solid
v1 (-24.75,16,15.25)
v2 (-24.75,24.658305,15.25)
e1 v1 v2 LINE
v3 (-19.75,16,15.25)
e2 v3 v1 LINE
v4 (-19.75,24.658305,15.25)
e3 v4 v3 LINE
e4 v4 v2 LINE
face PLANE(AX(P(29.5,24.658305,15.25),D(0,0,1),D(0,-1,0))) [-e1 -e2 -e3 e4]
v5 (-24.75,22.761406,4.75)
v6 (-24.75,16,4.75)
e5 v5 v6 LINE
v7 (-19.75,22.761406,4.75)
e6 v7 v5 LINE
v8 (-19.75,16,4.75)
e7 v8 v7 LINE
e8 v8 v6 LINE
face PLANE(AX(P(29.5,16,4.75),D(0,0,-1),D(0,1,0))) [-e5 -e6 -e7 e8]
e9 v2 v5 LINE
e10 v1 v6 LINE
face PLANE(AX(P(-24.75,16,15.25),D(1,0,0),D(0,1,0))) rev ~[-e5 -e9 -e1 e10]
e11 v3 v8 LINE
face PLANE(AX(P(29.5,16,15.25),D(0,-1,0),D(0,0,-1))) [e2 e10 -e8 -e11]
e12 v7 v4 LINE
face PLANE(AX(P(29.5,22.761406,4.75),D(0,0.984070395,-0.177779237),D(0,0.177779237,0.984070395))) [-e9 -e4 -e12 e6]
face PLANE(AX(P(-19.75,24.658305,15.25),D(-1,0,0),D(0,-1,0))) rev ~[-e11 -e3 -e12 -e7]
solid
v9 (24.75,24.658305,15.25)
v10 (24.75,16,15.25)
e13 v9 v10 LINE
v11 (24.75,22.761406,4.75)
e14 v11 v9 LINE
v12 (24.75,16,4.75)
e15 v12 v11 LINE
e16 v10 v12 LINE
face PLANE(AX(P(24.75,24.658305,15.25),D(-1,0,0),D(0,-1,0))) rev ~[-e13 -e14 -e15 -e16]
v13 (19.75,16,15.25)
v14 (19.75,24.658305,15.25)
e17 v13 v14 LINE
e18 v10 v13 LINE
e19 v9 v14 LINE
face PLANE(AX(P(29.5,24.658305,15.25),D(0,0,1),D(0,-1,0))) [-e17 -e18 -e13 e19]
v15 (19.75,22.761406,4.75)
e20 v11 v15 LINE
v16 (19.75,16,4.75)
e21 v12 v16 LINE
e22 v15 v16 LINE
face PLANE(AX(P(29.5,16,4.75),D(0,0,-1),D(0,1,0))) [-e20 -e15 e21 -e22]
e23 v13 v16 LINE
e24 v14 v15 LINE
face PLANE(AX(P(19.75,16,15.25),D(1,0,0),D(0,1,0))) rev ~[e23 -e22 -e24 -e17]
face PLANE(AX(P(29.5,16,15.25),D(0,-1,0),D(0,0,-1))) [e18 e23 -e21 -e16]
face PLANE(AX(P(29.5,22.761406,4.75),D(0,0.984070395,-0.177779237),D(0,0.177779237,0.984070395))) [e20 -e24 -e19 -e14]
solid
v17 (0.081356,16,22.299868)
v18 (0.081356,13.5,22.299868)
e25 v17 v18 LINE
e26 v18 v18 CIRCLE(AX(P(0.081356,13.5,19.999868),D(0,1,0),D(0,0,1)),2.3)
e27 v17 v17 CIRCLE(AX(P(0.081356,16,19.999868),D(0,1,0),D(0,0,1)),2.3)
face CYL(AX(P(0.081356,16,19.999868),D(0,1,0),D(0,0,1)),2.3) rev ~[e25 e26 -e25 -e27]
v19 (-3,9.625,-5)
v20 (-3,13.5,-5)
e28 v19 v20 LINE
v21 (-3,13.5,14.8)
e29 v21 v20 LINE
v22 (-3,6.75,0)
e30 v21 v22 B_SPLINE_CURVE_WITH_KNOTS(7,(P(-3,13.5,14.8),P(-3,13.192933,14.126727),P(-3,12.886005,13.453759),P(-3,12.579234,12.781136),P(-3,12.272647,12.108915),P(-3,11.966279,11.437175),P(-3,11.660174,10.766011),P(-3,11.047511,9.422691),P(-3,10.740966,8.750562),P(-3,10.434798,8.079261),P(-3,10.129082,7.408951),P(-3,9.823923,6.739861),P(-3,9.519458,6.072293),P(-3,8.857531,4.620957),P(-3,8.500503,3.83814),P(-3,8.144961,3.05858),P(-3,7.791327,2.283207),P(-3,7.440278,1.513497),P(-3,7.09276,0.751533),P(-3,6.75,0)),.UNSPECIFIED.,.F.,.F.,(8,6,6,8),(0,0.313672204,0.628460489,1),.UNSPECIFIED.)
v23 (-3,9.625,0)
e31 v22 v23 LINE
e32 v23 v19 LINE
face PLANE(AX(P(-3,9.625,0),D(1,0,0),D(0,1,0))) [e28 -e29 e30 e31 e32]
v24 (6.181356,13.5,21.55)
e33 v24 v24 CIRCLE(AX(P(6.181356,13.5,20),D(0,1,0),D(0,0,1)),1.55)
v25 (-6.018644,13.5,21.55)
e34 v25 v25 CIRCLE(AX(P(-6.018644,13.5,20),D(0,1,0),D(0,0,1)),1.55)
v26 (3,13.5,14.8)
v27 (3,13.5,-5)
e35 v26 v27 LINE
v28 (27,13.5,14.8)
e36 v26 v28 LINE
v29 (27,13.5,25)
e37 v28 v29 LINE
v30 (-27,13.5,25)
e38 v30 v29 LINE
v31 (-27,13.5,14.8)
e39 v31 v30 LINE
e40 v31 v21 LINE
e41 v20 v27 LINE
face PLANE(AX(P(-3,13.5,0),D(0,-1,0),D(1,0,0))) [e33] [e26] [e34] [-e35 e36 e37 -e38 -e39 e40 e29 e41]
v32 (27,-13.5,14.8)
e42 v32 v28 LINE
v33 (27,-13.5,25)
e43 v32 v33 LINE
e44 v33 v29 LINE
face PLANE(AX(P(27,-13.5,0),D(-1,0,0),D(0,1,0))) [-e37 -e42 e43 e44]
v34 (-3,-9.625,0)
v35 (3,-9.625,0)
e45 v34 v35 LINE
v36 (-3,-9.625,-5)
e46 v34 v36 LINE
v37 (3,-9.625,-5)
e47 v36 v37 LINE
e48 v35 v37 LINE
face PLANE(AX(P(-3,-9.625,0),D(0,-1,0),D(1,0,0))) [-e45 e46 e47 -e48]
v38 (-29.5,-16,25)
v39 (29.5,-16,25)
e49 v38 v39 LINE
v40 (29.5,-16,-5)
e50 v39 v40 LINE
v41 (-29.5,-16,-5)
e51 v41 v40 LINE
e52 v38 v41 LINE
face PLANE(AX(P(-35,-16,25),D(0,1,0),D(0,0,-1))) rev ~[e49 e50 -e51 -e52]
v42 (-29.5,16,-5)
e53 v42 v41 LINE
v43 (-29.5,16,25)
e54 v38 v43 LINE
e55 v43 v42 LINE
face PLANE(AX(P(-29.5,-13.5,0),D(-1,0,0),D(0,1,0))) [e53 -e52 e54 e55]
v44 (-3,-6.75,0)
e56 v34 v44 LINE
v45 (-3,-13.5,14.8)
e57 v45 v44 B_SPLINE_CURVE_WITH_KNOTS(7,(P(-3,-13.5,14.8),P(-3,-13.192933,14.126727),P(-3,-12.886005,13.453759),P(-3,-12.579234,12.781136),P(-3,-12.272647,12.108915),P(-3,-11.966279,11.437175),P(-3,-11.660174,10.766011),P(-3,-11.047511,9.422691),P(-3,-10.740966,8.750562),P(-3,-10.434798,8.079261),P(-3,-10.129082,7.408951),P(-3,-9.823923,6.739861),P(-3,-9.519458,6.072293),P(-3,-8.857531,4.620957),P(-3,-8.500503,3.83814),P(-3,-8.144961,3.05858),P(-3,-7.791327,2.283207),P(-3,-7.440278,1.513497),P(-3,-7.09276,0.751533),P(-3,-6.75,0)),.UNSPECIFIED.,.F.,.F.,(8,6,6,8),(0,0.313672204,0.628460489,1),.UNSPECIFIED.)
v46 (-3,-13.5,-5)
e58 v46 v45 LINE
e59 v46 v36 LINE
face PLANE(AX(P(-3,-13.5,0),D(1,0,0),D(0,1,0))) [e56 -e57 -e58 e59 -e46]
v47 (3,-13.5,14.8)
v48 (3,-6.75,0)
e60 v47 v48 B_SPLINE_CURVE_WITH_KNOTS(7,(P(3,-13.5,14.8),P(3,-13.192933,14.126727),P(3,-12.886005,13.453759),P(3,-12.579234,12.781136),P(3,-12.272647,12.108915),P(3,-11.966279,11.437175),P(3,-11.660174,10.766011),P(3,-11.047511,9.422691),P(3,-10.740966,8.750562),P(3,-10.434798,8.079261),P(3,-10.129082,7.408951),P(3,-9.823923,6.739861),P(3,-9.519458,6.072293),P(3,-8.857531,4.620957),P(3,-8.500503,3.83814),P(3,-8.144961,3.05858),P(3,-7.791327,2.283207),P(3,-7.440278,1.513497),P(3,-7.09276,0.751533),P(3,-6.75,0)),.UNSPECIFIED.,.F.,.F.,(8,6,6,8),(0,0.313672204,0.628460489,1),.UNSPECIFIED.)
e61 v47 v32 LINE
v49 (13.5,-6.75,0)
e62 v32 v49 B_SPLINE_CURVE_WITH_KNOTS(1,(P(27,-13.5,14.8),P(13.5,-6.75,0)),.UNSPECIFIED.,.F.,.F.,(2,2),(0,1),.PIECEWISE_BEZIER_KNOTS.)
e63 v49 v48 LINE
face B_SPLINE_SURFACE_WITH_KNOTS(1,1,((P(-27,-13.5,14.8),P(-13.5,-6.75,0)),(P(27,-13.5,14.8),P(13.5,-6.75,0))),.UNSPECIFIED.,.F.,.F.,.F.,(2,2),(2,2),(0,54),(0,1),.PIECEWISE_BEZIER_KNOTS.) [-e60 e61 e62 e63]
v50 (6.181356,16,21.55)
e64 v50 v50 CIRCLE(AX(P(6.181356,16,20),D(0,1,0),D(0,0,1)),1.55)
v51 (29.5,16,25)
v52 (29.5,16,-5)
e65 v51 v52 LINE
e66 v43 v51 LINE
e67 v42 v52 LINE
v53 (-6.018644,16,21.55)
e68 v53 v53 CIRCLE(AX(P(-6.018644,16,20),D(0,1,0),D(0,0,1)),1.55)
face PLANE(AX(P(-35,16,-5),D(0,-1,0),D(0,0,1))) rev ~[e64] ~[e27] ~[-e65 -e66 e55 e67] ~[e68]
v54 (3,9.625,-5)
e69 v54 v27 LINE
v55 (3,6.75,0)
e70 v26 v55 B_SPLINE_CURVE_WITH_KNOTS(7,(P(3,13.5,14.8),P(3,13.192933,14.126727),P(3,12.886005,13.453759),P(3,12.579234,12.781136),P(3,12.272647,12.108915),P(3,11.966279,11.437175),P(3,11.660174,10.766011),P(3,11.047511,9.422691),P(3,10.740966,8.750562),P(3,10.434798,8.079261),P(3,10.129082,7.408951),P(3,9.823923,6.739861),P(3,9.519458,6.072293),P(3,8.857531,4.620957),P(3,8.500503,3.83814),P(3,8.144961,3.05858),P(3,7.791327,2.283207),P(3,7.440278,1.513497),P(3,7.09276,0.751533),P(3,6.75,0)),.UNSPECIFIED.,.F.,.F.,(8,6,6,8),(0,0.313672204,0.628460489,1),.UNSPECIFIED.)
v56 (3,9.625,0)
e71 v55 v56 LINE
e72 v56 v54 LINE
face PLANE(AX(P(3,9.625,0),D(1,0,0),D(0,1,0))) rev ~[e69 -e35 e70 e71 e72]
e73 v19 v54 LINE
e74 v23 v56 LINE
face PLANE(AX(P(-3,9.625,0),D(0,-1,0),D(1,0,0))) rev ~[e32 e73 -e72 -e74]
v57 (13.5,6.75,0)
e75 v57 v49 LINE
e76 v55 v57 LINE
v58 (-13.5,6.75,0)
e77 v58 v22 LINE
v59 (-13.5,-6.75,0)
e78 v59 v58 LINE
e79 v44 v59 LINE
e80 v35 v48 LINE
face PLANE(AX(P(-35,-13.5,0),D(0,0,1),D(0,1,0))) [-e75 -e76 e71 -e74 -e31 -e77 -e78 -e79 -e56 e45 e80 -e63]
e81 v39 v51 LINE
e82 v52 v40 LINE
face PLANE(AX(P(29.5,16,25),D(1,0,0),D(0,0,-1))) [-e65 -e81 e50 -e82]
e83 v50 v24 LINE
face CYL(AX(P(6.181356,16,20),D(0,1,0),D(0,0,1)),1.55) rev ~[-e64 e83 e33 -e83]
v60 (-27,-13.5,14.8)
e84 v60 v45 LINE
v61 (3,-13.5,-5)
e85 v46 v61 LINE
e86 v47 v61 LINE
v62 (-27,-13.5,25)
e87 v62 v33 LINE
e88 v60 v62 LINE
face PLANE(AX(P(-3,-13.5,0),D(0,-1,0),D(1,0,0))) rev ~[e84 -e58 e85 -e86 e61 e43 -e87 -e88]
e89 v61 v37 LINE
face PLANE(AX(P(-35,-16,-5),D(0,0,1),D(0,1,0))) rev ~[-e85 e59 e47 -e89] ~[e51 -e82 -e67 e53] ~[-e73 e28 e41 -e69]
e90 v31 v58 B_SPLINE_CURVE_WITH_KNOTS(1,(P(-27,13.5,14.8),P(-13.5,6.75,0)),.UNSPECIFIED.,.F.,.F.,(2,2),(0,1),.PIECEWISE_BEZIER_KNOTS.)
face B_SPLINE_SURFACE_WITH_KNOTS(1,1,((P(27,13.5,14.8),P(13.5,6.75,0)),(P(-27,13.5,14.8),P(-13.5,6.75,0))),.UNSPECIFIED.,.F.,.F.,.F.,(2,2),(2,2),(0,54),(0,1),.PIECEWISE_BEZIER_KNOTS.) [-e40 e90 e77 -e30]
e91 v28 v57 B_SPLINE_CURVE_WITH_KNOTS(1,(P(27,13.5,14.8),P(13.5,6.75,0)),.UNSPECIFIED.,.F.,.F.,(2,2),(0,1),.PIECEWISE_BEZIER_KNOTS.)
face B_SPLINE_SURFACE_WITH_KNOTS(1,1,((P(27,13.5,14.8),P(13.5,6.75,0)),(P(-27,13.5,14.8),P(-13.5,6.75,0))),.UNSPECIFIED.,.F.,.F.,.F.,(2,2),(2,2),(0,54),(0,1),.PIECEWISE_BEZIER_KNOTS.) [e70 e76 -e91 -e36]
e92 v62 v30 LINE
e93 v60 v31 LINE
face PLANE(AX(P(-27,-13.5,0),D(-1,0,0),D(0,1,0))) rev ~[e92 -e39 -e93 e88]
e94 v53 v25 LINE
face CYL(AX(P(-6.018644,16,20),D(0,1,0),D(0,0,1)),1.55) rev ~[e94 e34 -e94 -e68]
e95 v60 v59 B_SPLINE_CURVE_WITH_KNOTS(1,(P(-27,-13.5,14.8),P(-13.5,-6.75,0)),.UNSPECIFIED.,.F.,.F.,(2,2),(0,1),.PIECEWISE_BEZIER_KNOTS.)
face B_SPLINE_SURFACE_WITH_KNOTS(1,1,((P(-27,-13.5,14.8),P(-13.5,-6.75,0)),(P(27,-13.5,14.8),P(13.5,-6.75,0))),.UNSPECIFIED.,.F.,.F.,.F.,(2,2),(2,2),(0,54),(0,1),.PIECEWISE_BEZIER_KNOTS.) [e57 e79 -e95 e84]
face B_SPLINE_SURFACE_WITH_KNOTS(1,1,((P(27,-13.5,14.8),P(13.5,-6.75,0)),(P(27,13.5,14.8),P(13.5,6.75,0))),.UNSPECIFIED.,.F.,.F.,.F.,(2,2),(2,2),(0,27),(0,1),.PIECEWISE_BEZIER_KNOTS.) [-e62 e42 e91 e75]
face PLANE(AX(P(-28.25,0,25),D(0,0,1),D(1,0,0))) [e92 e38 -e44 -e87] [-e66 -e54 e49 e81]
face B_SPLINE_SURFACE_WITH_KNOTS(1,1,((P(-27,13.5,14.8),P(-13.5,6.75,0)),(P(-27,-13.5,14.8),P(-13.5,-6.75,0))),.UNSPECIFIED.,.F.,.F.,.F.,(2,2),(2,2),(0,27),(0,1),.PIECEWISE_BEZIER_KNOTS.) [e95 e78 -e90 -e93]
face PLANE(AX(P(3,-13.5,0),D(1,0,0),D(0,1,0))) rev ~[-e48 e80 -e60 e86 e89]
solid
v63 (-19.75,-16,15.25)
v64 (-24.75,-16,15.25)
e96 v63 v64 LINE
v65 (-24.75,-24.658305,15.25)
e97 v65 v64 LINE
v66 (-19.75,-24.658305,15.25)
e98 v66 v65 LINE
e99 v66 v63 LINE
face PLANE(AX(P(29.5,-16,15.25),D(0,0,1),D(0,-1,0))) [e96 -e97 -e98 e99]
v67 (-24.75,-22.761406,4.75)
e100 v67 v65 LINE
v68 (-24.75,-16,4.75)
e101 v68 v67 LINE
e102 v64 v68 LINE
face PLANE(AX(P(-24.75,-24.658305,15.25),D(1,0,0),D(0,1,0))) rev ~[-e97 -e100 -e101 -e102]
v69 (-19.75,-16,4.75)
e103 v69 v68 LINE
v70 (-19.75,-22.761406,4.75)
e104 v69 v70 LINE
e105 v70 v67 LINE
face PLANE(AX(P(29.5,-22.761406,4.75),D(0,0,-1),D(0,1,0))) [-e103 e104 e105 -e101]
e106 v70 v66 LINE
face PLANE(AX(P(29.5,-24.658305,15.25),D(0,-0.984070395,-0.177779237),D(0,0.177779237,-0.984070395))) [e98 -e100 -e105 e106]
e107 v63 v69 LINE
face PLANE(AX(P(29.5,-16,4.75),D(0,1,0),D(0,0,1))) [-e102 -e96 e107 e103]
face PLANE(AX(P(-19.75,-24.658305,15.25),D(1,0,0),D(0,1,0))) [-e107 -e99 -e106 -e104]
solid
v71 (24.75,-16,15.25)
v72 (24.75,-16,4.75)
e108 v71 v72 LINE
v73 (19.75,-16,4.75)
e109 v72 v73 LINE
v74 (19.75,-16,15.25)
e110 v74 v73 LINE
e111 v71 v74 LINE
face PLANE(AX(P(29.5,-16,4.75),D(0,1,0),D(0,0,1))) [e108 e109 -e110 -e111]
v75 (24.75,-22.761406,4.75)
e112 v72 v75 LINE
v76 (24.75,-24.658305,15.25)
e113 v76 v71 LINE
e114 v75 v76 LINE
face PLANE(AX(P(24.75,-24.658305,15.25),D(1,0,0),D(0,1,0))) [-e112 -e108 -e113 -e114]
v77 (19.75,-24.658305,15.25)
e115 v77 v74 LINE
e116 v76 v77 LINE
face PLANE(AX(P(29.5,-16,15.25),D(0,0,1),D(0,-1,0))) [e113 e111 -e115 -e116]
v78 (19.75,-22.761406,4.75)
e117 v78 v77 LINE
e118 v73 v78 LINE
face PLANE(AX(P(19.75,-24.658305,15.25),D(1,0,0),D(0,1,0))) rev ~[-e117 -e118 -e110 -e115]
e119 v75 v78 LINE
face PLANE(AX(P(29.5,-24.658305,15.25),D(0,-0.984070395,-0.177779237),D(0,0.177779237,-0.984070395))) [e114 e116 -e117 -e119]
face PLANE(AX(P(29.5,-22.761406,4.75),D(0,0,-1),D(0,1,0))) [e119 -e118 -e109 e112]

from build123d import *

# Parameters (mm, degrees)
CROQUIS1_W                   = 54
CROQUIS1_H                   = 27
SALIENTE_EXTRUIR1_DEPTH      = 14.8
CROQUIS8_W                   = 6
CROQUIS8_H                   = 27
CORTAR_EXTRUIR2_DEPTH        = 14.8
SALIENTE_EXTRUIR2_DEPTH      = 35
SALIENTE_EXTRUIR2_DEPTH_BACK = 35
CROQUIS12_W                  = 2.5
CROQUIS12_H                  = 27
SALIENTE_EXTRUIR3_DEPTH      = 25
CROQUIS19_W                  = 5.5
CROQUIS19_H                  = 30
CORTAR_EXTRUIR15_DEPTH       = 54.609700615
CROQUIS18_R                  = 2.3
CROQUIS18_R_2                = 1.55
CORTAR_EXTRUIR12_DEPTH       = 2.5
CROQUIS20_W                  = 6
CROQUIS20_H                  = 3.875
CORTAR_EXTRUIR16_DEPTH       = 42.847939017
SALIENTE_EXTRUIR4_DEPTH      = 59
SALIENTE_EXTRUIR4_2_DEPTH    = 59
CROQUIS23_W                  = 4.75
CROQUIS23_H                  = 4.32915245
CROQUIS23_W_2                = 39.5
CROQUIS23_H_2                = 8.6583049
CORTAR_EXTRUIR17_DEPTH       = 44.455086061


with BuildPart() as part:
    # Croquis1 → Saliente-Extruir1 (new body)
    with BuildSketch(Plane.XY):
        Rectangle(CROQUIS1_W, CROQUIS1_H)
    extrude(amount=SALIENTE_EXTRUIR1_DEPTH)

    # Croquis5 → Cortar-Recubrir3 section 0
    with BuildSketch(Plane.XY.offset(14.8)):
        with BuildLine():
            Line((-27, 13.5), (-27, -13.5))
            Line((-27, -13.5), (27, -13.5))
            Line((27, -13.5), (27, 13.5))
            Line((27, 13.5), (-27, 13.5))
        make_face()
    # Croquis6 → Cortar-Recubrir3 section 1
    with BuildSketch(Plane(origin=(0, 0, 0), x_dir=(-1, 0, 0), z_dir=(0, 0, -1))):
        with BuildLine():
            Line((-13.5, -6.75), (13.5, -6.75))
            Line((13.5, -6.75), (13.5, 6.75))
            Line((13.5, 6.75), (-13.5, 6.75))
            Line((-13.5, 6.75), (-13.5, -6.75))
        make_face()
    loft(mode=Mode.SUBTRACT)

    # Croquis8 → Cortar-Extruir2 (cut)
    with BuildSketch(Plane(origin=(0, 0, 0), x_dir=(-1, 0, 0), z_dir=(0, 0, -1))):
        Rectangle(CROQUIS8_W, CROQUIS8_H)
    extrude(amount=-CORTAR_EXTRUIR2_DEPTH, mode=Mode.SUBTRACT)


with BuildPart() as cortar_extruir2_piece_1:
    # of the separate pieces the step leaves, piece 1, a body of its own (cortar_extruir2_pieces)
    add(part.part.solids().sort_by_distance((3, -13.5, 0))[0])



with BuildPart() as cortar_extruir2_piece_2:
    # of the separate pieces the step leaves, piece 2, a body of its own (cortar_extruir2_pieces)
    add(part.part.solids().sort_by_distance((-27, -13.5, 0))[0])


with BuildPart() as cortar_extruir2_piece_1_1:
    add(cortar_extruir2_piece_1.part)

    add(cortar_extruir2_piece_2.part)  # Saliente-Extruir2 merges Cortar-Extruir2 piece 2
    # Croquis10 → Saliente-Extruir2 (add, two sides: drawn at the far end of the back side and taken through both)
    with BuildSketch(Plane(origin=(0, 0, 0), x_dir=(0, 0, -1), z_dir=(1, 0, 0)).offset(-SALIENTE_EXTRUIR2_DEPTH_BACK)):
        Polygon((-14.8, 13.5), (-25, 13.5), (-25, 15.75), (-25, 16), (-24.680771502, 16), (5, 16), (5, 15), (5, -16), (-24.680771502, -16), (-25, -16), (-25, -15.75), (-25, -13.5), (-14.8, -13.5), (0, -13.5), (0, 13.5), align=None)
    extrude(amount=SALIENTE_EXTRUIR2_DEPTH + SALIENTE_EXTRUIR2_DEPTH_BACK)

    # Croquis12 → Saliente-Extruir3 (add)
    with BuildSketch(Plane.XY):
        with Locations((-28.25, 0)):
            Rectangle(CROQUIS12_W, CROQUIS12_H)
        with Locations((28.25, 0)):
            Rectangle(CROQUIS12_W, CROQUIS12_H)
    extrude(amount=SALIENTE_EXTRUIR3_DEPTH)

    # Croquis19 → Cortar-Extruir15 (cut, through all)
    with BuildSketch(Plane(origin=(0, 16, 0), x_dir=(1, 0, 0), z_dir=(0, 1, 0))):
        with Locations((-32.25, -10)):
            Rectangle(CROQUIS19_W, CROQUIS19_H)
        with Locations((32.25, -10)):
            Rectangle(CROQUIS19_W, CROQUIS19_H)
    extrude(amount=-CORTAR_EXTRUIR15_DEPTH, mode=Mode.SUBTRACT)

    # Croquis18 → Cortar-Extruir12 (cut)
    with BuildSketch(Plane(origin=(0, 16, 0), x_dir=(1, 0, 0), z_dir=(0, 1, 0))):
        with Locations(Location((0.081355667, -19.999867625, 0), (0, 0, 270))):
            Circle(CROQUIS18_R)
        with Locations(Location((6.181355666, -20, 0), (0, 0, 270))):
            Circle(CROQUIS18_R_2)
        with Locations(Location((-6.018644331, -20, 0), (0, 0, 270))):
            Circle(CROQUIS18_R_2)
    extrude(amount=-CORTAR_EXTRUIR12_DEPTH, mode=Mode.SUBTRACT)

    # Croquis20 → Cortar-Extruir16 (cut, through all)
    with BuildSketch(Plane.XY):
        with Locations((0, 11.5625)):
            Rectangle(CROQUIS20_W, CROQUIS20_H)
        with Locations((0, -11.5625)):
            Rectangle(CROQUIS20_W, CROQUIS20_H)
    extrude(amount=-CORTAR_EXTRUIR16_DEPTH, mode=Mode.SUBTRACT)


with BuildPart() as body_2:
    # Croquis22 → Saliente-Extruir4 (new body)
    with BuildSketch(Plane(origin=(29.5, 0, 0), x_dir=(0, 0, -1), z_dir=(1, 0, 0))):
        Polygon((-15.25, 16), (-4.75, 16), (-4.75, 22.761406063), (-15.25, 24.6583049), align=None)
    extrude(amount=-SALIENTE_EXTRUIR4_DEPTH)


with BuildPart() as body_3:
    # Croquis22 → Saliente-Extruir4 2 (new body)
    with BuildSketch(Plane(origin=(29.5, 0, 0), x_dir=(0, 0, -1), z_dir=(1, 0, 0))):
        Polygon((-15.25, -16), (-15.25, -24.6583049), (-4.75, -22.761406063), (-4.75, -16), align=None)
    extrude(amount=-SALIENTE_EXTRUIR4_2_DEPTH)


with BuildPart() as cortar_extruir17_tool:
    # Croquis23 → Cortar-Extruir17 (new, through all)
    with BuildSketch(Plane.XY.offset(15.25)):
        with Locations((-27.125, 22.493728675)):
            Rectangle(CROQUIS23_W, CROQUIS23_H)
        with Locations((-27.125, 18.164576225)):
            Rectangle(CROQUIS23_W, CROQUIS23_H)
        with Locations((0, 18.164576225)):
            Rectangle(CROQUIS23_W_2, CROQUIS23_H)
        with Locations((0, 22.493728675)):
            Rectangle(CROQUIS23_W_2, CROQUIS23_H)
        with Locations((27.125, 22.493728675)):
            Rectangle(CROQUIS23_W, CROQUIS23_H)
        with Locations((27.125, 18.164576225)):
            Rectangle(CROQUIS23_W, CROQUIS23_H)
        with Locations((0, -20.32915245)):
            Rectangle(CROQUIS23_W_2, CROQUIS23_H_2)
        with Locations((27.125, -20.32915245)):
            Rectangle(CROQUIS23_W, CROQUIS23_H_2)
        with Locations((-27.125, -20.32915245)):
            Rectangle(CROQUIS23_W, CROQUIS23_H_2)
    extrude(amount=-CORTAR_EXTRUIR17_DEPTH)


with BuildPart() as body_2_1:
    add(body_2.part)

    # Cortar-Extruir17: cut by cortar_extruir17_tool
    add(cortar_extruir17_tool.part, mode=Mode.SUBTRACT)


with BuildPart() as body_3_1:
    add(body_3.part)

    # Cortar-Extruir17: cut by cortar_extruir17_tool
    add(cortar_extruir17_tool.part, mode=Mode.SUBTRACT)


with BuildPart() as cortar_extruir17_piece_1:
    # of the separate pieces the step leaves, piece 1, a body of its own (cortar_extruir17_pieces)
    add(body_2_1.part.solids().sort_by_distance((24.75, 22.761406063, 4.75))[0])


with BuildPart() as cortar_extruir17_piece_2:
    # of the separate pieces the step leaves, piece 2, a body of its own (cortar_extruir17_pieces)
    add(body_2_1.part.solids().sort_by_distance((-19.75, 22.761406063, 4.75))[0])


with BuildPart() as cortar_extruir17_piece_1_of_body_3:
    # of the separate pieces the step leaves, piece 1, a body of its own (cortar_extruir17_pieces_of_body_3)
    add(body_3_1.part.solids().sort_by_distance((-19.75, -24.6583049, 15.25))[0])


with BuildPart() as cortar_extruir17_piece_2_of_body_3:
    # of the separate pieces the step leaves, piece 2, a body of its own (cortar_extruir17_pieces_of_body_3)
    add(body_3_1.part.solids().sort_by_distance((24.75, -24.6583049, 15.25))[0])


solid = Compound([cortar_extruir2_piece_1_1.part, cortar_extruir17_piece_1.part, cortar_extruir17_piece_2.part, cortar_extruir17_piece_1_of_body_3.part, cortar_extruir17_piece_2_of_body_3.part])
